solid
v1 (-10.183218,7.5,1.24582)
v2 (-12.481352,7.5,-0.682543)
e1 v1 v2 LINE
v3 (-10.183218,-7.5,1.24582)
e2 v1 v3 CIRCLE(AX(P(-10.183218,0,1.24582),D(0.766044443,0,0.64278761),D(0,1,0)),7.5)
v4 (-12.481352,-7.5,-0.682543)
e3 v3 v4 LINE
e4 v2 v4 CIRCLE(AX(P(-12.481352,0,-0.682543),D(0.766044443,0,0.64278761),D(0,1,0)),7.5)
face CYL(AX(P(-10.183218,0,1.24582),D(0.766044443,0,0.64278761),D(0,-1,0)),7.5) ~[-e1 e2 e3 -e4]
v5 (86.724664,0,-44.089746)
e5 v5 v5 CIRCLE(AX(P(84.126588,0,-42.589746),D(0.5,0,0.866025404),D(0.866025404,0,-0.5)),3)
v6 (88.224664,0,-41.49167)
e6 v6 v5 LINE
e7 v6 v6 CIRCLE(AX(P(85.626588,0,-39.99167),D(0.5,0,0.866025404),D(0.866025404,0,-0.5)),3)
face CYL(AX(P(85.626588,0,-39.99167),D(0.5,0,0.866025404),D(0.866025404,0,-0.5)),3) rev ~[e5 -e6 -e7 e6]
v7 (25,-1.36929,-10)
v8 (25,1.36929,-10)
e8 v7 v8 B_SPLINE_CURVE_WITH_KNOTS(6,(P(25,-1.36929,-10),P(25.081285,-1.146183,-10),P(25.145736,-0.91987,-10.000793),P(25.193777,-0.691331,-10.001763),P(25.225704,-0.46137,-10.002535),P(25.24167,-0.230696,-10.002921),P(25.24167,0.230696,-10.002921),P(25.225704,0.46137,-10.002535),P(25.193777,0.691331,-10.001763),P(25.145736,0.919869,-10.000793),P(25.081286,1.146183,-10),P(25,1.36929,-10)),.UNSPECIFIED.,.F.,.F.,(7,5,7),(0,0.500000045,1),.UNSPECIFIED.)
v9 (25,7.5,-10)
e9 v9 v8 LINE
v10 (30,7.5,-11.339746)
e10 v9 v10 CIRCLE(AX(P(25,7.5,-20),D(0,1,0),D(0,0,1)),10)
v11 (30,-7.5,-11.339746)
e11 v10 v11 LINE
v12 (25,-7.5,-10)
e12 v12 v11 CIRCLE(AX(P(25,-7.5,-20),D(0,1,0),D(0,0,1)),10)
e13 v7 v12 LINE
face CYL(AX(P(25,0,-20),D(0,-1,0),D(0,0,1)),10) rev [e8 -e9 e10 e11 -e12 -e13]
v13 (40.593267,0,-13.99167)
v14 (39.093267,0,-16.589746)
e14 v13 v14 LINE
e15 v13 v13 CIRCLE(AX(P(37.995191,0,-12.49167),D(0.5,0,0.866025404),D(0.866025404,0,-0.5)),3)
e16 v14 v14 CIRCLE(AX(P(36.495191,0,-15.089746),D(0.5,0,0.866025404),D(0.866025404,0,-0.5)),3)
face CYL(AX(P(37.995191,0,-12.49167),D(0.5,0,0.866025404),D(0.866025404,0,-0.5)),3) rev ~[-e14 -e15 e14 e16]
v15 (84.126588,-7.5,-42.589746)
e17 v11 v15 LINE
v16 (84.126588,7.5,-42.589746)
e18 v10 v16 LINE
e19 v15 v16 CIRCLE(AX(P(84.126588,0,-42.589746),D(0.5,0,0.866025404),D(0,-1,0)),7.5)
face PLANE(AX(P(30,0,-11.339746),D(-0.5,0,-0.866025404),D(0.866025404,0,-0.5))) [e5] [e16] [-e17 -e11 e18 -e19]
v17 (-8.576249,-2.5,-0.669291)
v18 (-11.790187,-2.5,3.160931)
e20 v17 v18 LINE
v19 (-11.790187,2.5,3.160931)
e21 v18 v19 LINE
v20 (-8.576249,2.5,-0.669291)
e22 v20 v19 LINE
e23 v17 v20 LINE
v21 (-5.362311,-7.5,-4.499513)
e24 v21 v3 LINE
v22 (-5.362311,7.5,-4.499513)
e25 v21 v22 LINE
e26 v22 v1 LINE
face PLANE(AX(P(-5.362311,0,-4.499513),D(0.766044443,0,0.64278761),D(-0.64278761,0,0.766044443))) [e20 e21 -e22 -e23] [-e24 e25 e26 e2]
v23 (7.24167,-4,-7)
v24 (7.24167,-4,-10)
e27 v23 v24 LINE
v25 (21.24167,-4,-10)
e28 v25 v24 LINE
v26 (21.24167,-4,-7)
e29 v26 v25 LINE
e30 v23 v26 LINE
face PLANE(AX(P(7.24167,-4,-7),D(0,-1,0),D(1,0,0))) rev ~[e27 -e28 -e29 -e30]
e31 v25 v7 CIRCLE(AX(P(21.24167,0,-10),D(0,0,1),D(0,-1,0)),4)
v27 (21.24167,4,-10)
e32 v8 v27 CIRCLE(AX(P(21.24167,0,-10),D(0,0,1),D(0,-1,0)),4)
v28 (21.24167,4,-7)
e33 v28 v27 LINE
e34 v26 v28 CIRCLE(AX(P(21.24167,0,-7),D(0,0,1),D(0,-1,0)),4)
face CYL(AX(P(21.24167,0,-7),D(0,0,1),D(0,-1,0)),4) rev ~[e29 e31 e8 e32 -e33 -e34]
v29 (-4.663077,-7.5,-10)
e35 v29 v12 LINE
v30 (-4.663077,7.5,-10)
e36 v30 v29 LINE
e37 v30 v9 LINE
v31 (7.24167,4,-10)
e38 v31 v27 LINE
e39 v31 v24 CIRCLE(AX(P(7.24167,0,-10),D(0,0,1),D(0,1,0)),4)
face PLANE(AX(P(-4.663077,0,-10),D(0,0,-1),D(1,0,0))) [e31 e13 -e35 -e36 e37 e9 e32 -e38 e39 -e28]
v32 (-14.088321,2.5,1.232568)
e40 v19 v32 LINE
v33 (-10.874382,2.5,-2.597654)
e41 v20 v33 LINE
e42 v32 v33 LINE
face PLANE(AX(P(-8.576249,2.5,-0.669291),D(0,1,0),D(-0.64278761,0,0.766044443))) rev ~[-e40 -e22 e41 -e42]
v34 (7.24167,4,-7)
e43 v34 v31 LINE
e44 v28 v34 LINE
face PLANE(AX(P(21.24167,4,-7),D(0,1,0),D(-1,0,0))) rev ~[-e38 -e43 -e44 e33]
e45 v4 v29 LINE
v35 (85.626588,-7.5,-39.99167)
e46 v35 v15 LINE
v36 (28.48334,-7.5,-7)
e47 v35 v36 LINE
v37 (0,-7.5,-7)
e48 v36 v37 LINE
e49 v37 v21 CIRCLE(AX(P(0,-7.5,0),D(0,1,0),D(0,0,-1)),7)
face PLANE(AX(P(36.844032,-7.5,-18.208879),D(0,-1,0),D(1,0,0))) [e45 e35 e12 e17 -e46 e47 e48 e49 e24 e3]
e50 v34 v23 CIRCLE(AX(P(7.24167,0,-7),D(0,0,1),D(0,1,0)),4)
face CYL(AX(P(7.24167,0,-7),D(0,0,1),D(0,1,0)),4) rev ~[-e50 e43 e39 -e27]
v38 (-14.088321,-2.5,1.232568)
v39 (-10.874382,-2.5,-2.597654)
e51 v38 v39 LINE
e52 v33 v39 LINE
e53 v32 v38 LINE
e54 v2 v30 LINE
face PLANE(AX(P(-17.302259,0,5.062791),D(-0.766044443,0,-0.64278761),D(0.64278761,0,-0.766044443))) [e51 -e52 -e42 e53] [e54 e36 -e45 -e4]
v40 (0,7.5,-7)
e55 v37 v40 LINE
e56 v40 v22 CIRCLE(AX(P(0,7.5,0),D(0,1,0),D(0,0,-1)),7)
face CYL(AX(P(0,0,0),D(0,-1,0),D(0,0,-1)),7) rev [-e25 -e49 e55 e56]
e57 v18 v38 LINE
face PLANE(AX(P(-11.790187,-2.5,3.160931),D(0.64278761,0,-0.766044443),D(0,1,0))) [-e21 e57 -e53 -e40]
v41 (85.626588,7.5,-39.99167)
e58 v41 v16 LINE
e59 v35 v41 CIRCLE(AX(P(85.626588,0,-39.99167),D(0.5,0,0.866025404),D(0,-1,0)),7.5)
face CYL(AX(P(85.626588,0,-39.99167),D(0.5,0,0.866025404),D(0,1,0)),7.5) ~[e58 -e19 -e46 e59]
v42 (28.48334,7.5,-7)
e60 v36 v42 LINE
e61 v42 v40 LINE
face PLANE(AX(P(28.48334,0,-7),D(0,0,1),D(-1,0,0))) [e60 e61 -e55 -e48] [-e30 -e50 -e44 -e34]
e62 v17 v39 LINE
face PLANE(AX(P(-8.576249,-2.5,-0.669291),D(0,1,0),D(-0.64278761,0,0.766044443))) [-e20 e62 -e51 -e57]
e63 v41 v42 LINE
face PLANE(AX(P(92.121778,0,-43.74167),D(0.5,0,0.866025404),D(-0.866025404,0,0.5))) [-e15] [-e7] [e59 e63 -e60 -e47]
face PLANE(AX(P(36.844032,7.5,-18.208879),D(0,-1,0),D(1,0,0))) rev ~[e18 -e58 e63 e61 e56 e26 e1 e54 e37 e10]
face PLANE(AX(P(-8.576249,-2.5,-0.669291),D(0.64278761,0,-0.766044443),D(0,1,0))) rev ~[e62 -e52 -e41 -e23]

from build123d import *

# Parameters (mm, degrees)
F1_DEPTH = 7.5
F2_W     = 5
F2_H     = 5
F3_DEPTH = 36.0419135764
F5_DEPTH = 39.3407459622
F6_R     = 3
F7_DEPTH = 56.9630184207


with BuildPart() as f1:
    # F0 (on Front) → F1 (new body, symmetric)
    with BuildSketch(Plane.XZ):
        with BuildLine():
            Line((-5.3623111018, -4.4995132678), (-15.0041252471, 6.991153379))
            Line((-15.0041252471, 6.991153379), (-17.3022585765, 5.0627905499))
            Line((-17.3022585765, 5.0627905499), (-4.6630765815, -10))
            Line((-4.6630765815, -10), (25, -10))
            ThreePointArc((25, -10), (27.588190451, -10.3407417371), (30, -11.3397459622))
            Line((30, -11.3397459622), (90.6217782649, -46.3397459622))
            Line((90.6217782649, -46.3397459622), (92.1217782649, -43.7416697508))
            Line((92.1217782649, -43.7416697508), (28.4833395016, -7))
            Line((28.4833395016, -7), (0, -7))
            ThreePointArc((0, -7), (-2.9583278322, -6.3441545093), (-5.3623111018, -4.4995132678))
        make_face()
    extrude(amount=F1_DEPTH, both=True)

    # F2 (on face) → F3 (cut, through all)
    with BuildSketch(Plane(origin=(-5.3623111018, 0, -4.4995132678), x_dir=(0, 1, 0), z_dir=(0.7660444431, 0, 0.6427876097))):
        with BuildLine():
            ThreePointArc((-7.5, 7.5), (-5.3033008589, 12.8033008589), (0, 15))
            Line((0, 15), (-7.5, 15))
            Line((-7.5, 15), (-7.5, 7.5))
        make_face()
        with Locations((0, 7.5)):
            Rectangle(F2_W, F2_H)
        with BuildLine():
            ThreePointArc((0, 15), (5.3033008589, 12.8033008589), (7.5, 7.5))
            Line((7.5, 7.5), (7.5, 15))
            Line((7.5, 15), (0, 15))
        make_face()
    extrude(amount=-F3_DEPTH, mode=Mode.SUBTRACT)

    # F4 (on face) → F5 (cut, through all)
    with BuildSketch(Plane.XY.offset(-7)):
        with BuildLine():
            ThreePointArc((7.2416697508, 4), (3.2416697508, 0), (7.2416697508, -4))
            Line((7.2416697508, -4), (21.2416697508, -4))
            ThreePointArc((21.2416697508, -4), (25.2416697508, 0), (21.2416697508, 4))
            Line((21.2416697508, 4), (7.2416697508, 4))
        make_face()
    extrude(amount=-F5_DEPTH, mode=Mode.SUBTRACT)

    # F6 (on face) → F7 (cut, through all)
    with BuildSketch(Plane(origin=(4.0897459622, 0, 7.0836477965), x_dir=(0.8660254038, 0, -0.5), z_dir=(0.5, 0, 0.8660254038))):
        with Locations((39.1506350946, 0)):
            Circle(F6_R)
        with Locations((94.1506350946, 0)):
            Circle(F6_R)
        with BuildLine():
            ThreePointArc((94.1506350946, 7.5), (99.4539359535, 5.3033008589), (101.6506350946, 0))
            Line((101.6506350946, 0), (101.6506350946, 7.5))
            Line((101.6506350946, 7.5), (94.1506350946, 7.5))
        make_face()
        with BuildLine():
            ThreePointArc((101.6506350946, 0), (99.4539359535, -5.3033008589), (94.1506350946, -7.5))
            Line((94.1506350946, -7.5), (101.6506350946, -7.5))
            Line((101.6506350946, -7.5), (101.6506350946, 0))
        make_face()
    extrude(amount=-F7_DEPTH, mode=Mode.SUBTRACT)


solid = f1.part
